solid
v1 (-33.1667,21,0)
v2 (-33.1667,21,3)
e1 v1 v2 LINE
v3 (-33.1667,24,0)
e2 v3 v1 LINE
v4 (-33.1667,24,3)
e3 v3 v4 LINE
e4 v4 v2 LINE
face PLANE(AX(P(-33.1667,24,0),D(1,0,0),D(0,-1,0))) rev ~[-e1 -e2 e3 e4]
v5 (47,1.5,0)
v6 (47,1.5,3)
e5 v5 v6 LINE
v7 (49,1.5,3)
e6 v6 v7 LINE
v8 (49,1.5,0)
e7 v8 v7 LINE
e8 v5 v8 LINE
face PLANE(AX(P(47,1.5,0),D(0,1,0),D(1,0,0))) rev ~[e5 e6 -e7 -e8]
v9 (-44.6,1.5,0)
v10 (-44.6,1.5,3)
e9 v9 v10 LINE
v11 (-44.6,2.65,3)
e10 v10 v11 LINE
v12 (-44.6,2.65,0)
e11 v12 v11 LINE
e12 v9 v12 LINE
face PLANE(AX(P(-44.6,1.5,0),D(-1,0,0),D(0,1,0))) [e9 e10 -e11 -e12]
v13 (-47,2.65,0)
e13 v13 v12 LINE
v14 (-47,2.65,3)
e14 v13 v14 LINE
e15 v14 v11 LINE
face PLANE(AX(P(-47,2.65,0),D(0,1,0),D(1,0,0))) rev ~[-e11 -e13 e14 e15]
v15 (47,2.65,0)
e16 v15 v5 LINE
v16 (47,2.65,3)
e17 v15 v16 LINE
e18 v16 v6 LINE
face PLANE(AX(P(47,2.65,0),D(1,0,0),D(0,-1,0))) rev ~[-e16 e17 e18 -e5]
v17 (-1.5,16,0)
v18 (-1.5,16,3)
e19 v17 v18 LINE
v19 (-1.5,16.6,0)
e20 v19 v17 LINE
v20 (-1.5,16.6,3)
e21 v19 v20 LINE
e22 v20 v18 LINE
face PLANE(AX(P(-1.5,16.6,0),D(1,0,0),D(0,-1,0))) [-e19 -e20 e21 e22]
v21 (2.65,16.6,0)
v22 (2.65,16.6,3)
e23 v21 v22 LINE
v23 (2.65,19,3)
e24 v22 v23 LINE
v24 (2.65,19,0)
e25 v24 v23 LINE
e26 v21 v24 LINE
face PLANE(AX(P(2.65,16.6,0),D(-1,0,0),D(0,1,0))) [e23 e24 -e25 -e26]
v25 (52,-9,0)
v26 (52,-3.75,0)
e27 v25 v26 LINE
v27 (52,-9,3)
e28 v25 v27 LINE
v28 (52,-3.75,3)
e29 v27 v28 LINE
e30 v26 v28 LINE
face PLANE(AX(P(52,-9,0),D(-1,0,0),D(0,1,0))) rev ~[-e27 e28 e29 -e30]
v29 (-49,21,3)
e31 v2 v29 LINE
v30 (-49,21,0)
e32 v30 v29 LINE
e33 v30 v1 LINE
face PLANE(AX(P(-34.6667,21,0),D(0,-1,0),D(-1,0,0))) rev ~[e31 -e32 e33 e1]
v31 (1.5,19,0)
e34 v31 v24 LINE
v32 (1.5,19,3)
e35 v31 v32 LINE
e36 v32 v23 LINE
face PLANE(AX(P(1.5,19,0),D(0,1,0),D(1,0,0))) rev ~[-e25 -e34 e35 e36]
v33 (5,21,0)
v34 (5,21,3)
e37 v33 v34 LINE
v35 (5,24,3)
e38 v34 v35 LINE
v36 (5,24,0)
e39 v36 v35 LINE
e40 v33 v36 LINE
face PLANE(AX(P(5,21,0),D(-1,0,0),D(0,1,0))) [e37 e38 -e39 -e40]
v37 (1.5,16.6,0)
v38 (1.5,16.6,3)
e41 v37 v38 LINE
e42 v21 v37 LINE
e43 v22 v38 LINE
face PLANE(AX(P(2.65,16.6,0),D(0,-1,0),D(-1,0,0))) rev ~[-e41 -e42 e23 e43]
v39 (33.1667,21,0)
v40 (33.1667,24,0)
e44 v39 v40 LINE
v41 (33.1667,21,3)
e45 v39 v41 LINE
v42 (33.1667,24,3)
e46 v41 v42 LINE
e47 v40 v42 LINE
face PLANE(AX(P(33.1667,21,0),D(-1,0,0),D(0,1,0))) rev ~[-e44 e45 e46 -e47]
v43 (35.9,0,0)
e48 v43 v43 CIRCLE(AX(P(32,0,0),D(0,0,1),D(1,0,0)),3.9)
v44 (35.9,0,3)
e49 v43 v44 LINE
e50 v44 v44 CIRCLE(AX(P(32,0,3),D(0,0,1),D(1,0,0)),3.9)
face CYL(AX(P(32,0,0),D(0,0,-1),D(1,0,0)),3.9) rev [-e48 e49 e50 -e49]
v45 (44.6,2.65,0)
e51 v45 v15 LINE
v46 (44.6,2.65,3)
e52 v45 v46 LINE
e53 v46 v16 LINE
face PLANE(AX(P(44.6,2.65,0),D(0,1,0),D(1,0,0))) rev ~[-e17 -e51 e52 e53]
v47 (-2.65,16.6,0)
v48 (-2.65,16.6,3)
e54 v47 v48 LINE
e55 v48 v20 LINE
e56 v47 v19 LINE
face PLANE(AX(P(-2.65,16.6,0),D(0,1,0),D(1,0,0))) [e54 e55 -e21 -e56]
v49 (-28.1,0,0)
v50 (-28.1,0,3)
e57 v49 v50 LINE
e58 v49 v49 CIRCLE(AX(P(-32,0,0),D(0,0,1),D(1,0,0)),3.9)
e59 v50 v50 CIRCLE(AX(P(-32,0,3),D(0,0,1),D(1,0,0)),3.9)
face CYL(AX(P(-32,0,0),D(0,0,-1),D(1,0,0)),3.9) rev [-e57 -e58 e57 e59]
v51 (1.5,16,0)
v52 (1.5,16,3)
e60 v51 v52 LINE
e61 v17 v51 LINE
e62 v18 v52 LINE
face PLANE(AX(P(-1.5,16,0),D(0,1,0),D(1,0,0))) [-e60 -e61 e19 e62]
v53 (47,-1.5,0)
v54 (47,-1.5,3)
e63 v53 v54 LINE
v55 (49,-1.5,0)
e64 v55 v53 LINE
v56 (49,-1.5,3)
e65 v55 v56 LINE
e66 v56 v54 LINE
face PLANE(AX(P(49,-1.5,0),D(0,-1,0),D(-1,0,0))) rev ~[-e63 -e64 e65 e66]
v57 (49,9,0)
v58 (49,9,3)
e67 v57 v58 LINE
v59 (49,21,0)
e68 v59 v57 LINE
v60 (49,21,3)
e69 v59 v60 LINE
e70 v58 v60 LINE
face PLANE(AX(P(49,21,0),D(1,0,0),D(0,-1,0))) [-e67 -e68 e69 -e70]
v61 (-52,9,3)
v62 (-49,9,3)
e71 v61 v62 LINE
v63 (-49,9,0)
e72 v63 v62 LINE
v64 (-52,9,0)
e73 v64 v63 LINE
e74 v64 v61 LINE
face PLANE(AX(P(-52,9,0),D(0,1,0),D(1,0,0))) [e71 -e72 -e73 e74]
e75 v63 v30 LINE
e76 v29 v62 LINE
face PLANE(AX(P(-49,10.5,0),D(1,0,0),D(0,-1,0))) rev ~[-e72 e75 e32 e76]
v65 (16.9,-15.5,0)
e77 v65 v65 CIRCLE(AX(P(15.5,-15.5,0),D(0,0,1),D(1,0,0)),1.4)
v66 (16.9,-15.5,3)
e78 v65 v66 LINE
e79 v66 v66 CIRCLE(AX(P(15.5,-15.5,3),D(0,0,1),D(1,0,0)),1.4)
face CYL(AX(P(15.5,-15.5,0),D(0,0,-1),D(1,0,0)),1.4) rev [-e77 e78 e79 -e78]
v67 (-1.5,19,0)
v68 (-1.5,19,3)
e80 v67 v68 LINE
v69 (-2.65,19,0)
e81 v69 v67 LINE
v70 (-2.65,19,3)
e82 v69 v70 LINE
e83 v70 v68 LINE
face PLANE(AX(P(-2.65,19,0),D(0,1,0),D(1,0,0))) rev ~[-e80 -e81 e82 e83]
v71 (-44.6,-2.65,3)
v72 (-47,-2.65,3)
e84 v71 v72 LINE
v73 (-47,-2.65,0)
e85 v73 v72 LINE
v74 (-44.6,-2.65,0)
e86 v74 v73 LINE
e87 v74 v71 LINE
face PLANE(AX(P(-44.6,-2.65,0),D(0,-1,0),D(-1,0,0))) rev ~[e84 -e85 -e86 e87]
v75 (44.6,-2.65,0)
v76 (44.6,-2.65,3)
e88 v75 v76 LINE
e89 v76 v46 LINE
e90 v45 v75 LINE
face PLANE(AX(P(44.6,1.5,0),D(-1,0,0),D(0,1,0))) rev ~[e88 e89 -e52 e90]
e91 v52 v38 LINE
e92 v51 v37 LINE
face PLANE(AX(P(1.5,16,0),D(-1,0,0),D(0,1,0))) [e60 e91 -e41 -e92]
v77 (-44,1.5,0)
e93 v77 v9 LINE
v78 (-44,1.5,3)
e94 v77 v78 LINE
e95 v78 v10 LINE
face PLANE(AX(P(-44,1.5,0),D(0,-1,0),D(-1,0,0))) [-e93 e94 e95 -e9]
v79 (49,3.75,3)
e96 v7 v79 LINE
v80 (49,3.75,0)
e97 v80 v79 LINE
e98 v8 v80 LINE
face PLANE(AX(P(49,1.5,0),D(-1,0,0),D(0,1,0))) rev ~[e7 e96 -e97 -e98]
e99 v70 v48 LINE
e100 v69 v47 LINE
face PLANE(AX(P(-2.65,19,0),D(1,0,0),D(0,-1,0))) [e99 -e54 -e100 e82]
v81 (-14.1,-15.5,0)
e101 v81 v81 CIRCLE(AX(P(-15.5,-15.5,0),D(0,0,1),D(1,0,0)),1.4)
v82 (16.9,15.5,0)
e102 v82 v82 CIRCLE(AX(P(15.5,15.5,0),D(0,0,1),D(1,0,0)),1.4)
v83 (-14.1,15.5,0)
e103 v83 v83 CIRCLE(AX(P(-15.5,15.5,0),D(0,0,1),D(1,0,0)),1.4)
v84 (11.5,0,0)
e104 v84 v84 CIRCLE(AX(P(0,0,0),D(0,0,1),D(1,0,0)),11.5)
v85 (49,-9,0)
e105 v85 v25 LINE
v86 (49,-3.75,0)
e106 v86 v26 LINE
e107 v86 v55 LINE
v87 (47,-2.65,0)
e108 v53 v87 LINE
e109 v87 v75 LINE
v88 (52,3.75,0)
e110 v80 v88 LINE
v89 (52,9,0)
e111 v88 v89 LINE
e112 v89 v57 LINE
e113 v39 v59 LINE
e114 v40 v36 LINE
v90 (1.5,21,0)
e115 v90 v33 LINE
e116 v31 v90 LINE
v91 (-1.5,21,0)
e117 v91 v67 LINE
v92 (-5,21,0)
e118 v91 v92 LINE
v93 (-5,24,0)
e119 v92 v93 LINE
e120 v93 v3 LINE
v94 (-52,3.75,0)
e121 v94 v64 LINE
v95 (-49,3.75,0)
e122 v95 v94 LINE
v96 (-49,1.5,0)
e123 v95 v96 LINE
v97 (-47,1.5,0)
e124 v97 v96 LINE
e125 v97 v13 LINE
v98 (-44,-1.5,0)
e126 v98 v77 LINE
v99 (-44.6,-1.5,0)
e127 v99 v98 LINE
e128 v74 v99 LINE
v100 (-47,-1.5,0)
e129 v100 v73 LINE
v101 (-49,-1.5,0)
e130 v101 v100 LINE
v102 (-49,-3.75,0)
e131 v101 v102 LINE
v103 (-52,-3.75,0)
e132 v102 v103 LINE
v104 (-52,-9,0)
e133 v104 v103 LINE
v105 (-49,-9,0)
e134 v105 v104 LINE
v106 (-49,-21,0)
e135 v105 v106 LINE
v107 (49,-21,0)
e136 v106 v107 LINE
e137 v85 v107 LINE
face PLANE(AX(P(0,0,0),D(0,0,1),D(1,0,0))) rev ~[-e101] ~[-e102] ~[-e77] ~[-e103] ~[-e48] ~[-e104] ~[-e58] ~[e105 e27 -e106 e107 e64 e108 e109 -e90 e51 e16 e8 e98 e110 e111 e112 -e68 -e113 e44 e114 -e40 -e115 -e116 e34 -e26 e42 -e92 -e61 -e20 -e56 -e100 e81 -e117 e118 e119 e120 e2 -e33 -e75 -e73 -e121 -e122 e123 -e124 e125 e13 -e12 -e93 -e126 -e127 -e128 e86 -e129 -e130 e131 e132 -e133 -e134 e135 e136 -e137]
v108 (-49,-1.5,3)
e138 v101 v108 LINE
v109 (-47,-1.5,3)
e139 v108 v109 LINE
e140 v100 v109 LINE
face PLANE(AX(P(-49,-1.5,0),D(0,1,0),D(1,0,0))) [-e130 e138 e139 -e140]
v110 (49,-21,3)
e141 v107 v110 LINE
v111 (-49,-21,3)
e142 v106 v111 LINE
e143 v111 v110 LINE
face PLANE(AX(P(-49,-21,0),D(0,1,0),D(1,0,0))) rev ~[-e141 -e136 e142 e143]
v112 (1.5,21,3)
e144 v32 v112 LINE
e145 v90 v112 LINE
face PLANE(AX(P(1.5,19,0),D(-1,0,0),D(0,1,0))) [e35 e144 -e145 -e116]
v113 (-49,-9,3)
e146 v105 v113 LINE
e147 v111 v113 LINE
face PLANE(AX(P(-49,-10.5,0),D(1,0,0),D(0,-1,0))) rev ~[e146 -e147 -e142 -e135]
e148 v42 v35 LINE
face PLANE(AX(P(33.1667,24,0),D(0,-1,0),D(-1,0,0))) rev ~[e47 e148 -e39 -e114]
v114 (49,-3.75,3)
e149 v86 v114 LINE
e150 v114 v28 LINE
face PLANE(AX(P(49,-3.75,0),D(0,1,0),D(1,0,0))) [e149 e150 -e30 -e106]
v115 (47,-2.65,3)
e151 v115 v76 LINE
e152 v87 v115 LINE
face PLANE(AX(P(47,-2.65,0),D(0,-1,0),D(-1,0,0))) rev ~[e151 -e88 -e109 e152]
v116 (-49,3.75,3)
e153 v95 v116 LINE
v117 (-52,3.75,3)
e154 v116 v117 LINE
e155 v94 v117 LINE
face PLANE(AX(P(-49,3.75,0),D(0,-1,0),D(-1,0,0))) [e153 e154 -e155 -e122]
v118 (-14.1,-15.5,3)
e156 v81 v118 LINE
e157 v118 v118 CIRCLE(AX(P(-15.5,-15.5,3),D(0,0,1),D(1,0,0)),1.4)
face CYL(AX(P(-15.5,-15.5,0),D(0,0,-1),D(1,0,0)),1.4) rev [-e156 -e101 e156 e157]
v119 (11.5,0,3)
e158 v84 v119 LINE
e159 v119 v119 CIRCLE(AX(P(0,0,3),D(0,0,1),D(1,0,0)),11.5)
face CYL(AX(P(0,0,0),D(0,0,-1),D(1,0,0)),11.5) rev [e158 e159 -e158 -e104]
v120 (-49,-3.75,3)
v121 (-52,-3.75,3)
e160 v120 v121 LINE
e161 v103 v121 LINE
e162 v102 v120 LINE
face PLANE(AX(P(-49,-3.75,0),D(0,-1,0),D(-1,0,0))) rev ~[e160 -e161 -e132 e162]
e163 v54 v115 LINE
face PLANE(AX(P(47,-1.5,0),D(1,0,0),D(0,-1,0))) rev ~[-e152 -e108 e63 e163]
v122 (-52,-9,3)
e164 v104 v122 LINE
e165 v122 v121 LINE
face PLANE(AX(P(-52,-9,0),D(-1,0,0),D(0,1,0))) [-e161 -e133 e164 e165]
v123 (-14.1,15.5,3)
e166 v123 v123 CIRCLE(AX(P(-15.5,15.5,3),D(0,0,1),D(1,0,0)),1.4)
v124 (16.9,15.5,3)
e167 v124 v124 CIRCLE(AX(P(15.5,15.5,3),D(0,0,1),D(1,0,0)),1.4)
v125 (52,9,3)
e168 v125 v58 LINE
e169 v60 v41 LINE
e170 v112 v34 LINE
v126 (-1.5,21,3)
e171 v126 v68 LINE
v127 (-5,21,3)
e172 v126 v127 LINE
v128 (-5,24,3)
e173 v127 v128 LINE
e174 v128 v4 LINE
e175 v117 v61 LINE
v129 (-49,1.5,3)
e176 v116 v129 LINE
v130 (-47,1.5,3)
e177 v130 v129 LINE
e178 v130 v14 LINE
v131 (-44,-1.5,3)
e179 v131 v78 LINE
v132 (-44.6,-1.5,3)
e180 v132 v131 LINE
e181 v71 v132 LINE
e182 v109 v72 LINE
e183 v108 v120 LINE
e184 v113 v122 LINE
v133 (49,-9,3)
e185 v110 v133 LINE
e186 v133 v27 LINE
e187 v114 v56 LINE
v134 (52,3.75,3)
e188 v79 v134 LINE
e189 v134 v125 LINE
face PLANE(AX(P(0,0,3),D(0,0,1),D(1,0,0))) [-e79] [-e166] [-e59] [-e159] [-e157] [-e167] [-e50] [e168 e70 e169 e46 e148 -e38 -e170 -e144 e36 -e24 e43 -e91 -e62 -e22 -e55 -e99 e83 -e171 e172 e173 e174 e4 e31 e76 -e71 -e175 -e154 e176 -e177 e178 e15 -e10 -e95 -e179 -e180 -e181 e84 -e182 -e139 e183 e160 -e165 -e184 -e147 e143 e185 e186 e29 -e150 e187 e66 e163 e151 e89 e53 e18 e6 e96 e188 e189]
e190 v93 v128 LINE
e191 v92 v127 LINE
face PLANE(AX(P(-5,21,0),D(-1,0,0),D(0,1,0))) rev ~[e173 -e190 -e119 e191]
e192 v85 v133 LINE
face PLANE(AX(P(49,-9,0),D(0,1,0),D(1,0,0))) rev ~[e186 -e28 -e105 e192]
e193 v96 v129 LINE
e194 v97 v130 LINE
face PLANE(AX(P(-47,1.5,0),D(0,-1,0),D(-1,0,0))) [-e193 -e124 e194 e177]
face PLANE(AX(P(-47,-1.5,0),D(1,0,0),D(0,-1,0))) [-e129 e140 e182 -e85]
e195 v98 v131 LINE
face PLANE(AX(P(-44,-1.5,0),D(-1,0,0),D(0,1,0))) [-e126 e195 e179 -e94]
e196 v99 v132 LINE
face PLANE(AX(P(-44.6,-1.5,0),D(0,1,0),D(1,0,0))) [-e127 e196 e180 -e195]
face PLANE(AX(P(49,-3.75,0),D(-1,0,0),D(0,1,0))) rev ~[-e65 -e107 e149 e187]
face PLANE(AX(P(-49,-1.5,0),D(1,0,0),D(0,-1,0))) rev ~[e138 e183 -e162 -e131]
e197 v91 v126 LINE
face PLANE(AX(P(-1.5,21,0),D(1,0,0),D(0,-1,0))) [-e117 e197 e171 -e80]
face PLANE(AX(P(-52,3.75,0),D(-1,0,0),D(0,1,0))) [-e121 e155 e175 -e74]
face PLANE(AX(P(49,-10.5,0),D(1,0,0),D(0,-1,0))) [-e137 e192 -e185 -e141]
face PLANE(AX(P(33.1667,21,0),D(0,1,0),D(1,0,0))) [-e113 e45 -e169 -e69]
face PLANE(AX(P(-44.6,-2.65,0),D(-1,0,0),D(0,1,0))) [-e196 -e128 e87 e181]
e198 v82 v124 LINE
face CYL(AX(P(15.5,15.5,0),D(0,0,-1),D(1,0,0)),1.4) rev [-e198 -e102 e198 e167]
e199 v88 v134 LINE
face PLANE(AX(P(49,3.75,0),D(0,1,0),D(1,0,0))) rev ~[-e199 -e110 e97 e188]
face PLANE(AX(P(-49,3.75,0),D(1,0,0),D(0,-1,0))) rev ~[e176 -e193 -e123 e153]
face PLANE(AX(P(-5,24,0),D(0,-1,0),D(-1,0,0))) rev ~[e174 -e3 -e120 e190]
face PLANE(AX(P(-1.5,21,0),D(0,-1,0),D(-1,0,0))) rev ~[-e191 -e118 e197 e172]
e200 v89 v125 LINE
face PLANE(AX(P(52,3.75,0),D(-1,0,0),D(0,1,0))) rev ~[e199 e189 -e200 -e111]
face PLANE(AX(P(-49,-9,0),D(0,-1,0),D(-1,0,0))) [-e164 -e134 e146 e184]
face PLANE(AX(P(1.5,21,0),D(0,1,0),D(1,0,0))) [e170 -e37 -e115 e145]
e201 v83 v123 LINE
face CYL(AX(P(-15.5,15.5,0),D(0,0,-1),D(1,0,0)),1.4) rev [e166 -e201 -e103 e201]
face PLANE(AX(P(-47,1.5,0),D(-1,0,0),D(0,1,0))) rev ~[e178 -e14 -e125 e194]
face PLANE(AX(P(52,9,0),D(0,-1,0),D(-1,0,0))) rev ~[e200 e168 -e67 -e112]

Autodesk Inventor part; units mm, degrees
ref_plane "YZ Plane" through (0, 0, 0) normal (1, 0, 0) x (0, 1, 0)
ref_plane "XZ Plane" through (0, 0, 0) normal (0, 1, 0) x (-1, 0, 0)
ref_plane "XY Plane" through (0, 0, 0) normal (0, 0, 1) x (1, 0, 0)
sketch "Sketch12" plane through (0, 0, 0) normal (0, 0, 1) x (1, 0, 0)
  line L0 (-49, -21) -> (49, -21)
  line L1 (-49, 21) -> (-49, 9)
  line L2 (-49, -9) -> (-52, -9)
  line L3 (-52, -9) -> (-52, -3.75)
  line L4 (-52, 9) -> (-49, 9)
  line L5 (-49, -3.75) -> (-52, -3.75)
  line L6 (-49, 3.75) -> (-52, 3.75)
  line L7 (-44, -1.5) -> (-44, 1.5)
  line L8 (-49, 1.5) -> (-49, -1.5)
  line L9 (-49, -3.75) -> (-49, -9)
  line L10 (-49, 1.5) -> (-49, -1.5)
  line L11 (-49, 3.75) -> (-49, 1.5)
  line L12 (-47, -1.5) -> (-47, -2.65)
  line L13 (-44.6, -2.65) -> (-47, -2.65)
  line L14 (-44.6, -2.65) -> (-44.6, -1.5)
  line L15 (-44.6, 1.5) -> (-44.6, 2.65)
  line L16 (-47, 2.65) -> (-44.6, 2.65)
  line L17 (-47, 1.5) -> (-47, 2.65)
  line L18 (-49, -1.5) -> (-47, -1.5)
  line L19 (-44.6, -1.5) -> (-44, -1.5)
  line L20 (-44, 1.5) -> (-44.6, 1.5)
  line L21 (-47, 1.5) -> (-49, 1.5)
  line L22 (0, -30) -> (0, 33) construction
  line L23 (33.1667, 21) -> (33.1667, 24)
  line L24 (33.1667, 24) -> (5, 24)
  line L25 (-33.1667, 24) -> (-33.1667, 21)
  line L26 (-33.1667, 21) -> (-49, 21)
  line L27 (33.1667, 21) -> (49, 21)
  line L28 (-5, 21) -> (-5, 24)
  line L29 (5, 21) -> (5, 24)
  line L30 (-1.5, 21) -> (-1.5, 19)
  line L31 (-2.65, 19) -> (-1.5, 19)
  line L32 (-2.65, 19) -> (-2.65, 16.6)
  line L33 (-2.65, 16.6) -> (-1.5, 16.6)
  line L34 (-1.5, 16.6) -> (-1.5, 16)
  line L35 (-1.5, 16) -> (1.5, 16)
  line L36 (1.5, 16) -> (1.5, 16.6)
  line L37 (2.65, 16.6) -> (1.5, 16.6)
  line L38 (2.65, 16.6) -> (2.65, 19)
  line L39 (1.5, 19) -> (2.65, 19)
  line L40 (1.5, 19) -> (1.5, 21)
  line L41 (1.5, 21) -> (5, 21)
  line L42 (-5, 24) -> (-33.1667, 24)
  line L43 (5, 24) -> (-5, 24)
  line L44 (-1.5, 21) -> (-5, 21)
  circle A0 centre (0, 0) radius 11.5 projected
  circle A1 centre (32, 0) radius 3.9 projected
  circle A2 centre (-32, 0) radius 3.9 projected
  line L45 (2.65, 19) -> (2.65, 16.6) projected
  line L46 (2.65, 16.6) -> (-2.65, 16.6) projected
  line L47 (-2.65, 16.6) -> (-2.65, 19) projected
  line L48 (-2.65, 19) -> (2.65, 19) projected
  line L49 (44.6, 2.65) -> (47, 2.65) projected
  line L50 (47, 2.65) -> (47, -2.65) projected
  line L51 (47, -2.65) -> (44.6, -2.65) projected
  line L52 (44.6, -2.65) -> (44.6, 2.65) projected
  line L53 (-44.6, 2.65) -> (-44.6, -2.65) projected
  line L54 (-44.6, -2.65) -> (-47, -2.65) projected
  line L55 (-47, -2.65) -> (-47, 2.65) projected
  line L56 (-47, 2.65) -> (-44.6, 2.65) projected
  circle A3 centre (-15.5, -15.5) radius 1.4 projected
  circle A4 centre (-15.5, 15.5) radius 1.4 projected
  circle A5 centre (15.5, 15.5) radius 1.4 projected
  circle A6 centre (15.5, -15.5) radius 1.4 projected
  line L57 (-52, -21) -> (52, -21) projected
  line L58 (52, -21) -> (52, -10.5) projected
  line L59 (52, -10.5) -> (49, -10.5) projected
  line L60 (49, -10.5) -> (49, 10.5) projected
  line L61 (49, 10.5) -> (52, 10.5) projected
  line L62 (52, 10.5) -> (52, 24) projected
  line L63 (52, 24) -> (34.6667, 24) projected
  line L64 (34.6667, 24) -> (34.6667, 21) projected
  line L65 (34.6667, 21) -> (-34.6667, 21) projected
  line L66 (-34.6667, 21) -> (-34.6667, 24) projected
  line L67 (-34.6667, 24) -> (-52, 24) projected
  line L68 (-52, 24) -> (-52, 10.5) projected
  line L69 (-52, 10.5) -> (-49, 10.5) projected
  line L70 (-49, 10.5) -> (-49, -10.5) projected
  line L71 (-49, -10.5) -> (-52, -10.5) projected
  line L72 (-52, -10.5) -> (-52, -21) projected
  line L73 (-52, -3.75) -> (-52, 3.75)
  line L74 (-52, 3.75) -> (-52, 9)
  line L75 (-72.8, 0) -> (72.8, 0) construction
  line L76 (-49, -9) -> (-49, -21)
  line L77 (-49, 9) -> (-49, 3.75)
  line L78 (-49, -1.5) -> (-49, -3.75)
  line L79 (49, 21) -> (49, 9)
  line L80 (49, -9) -> (52, -9)
  line L81 (52, -9) -> (52, -3.75)
  line L82 (52, 9) -> (49, 9)
  line L83 (49, -3.75) -> (52, -3.75)
  line L84 (49, 3.75) -> (52, 3.75)
  line L85 (44, -1.5) -> (44, 1.5)
  line L86 (49, -3.75) -> (49, -9)
  line L87 (49, 1.5) -> (49, -1.5)
  line L88 (49, 3.75) -> (49, 1.5)
  line L89 (47, -1.5) -> (47, -2.65)
  line L90 (44.6, -2.65) -> (47, -2.65)
  line L91 (44.6, -2.65) -> (44.6, -1.5)
  line L92 (44.6, 1.5) -> (44.6, 2.65)
  line L93 (47, 2.65) -> (44.6, 2.65)
  line L94 (47, 1.5) -> (47, 2.65)
  line L95 (49, -1.5) -> (47, -1.5)
  line L96 (44.6, -1.5) -> (44, -1.5)
  line L97 (44, 1.5) -> (44.6, 1.5)
  line L98 (47, 1.5) -> (49, 1.5)
  line L99 (52, -3.75) -> (52, 3.75)
  line L100 (52, 3.75) -> (52, 9)
  line L101 (49, -9) -> (49, -21)
  line L102 (49, 9) -> (49, 3.75)
  line L103 (49, -1.5) -> (49, -3.75)
  point P0 (0, 0)
  dimension "d102" = 3
  dimension "d103" = 5
  dimension "d108" = 3
  dimension "d109" = 5
  dimension "d113" = 1.5
  dimension "d114" = 1.5
  dimension "d115" = 10
  dimension "d116" = 5.3
  dimension "d117" = 7.5
extrude "Extrusion9" add sketch "Sketch12" along normal blind 3 contours L76 L70 L9 L18 L12 L13 L14 L19 L7 L20 L15 L16 L17 L21 L11 L1 L26 L65 L44 L30 L31 L32 L33 L34 L35 L36 L37 L38 L39 L40 L41 L27 L79 L60 L98 L50 L49 L52 L97 L85 L96 L51 L95 L101 L0 | L2 L3 L5 L9 | L60 L83 L81 L80 | L74 L4 L70 L6 | L84 L60 L82 L100 | L96 L85 L97 L52 | L25 L42 L28 L65 | L65 L29 L24 L23
properties part number "X-Motor-Housing_Front-Outer"
